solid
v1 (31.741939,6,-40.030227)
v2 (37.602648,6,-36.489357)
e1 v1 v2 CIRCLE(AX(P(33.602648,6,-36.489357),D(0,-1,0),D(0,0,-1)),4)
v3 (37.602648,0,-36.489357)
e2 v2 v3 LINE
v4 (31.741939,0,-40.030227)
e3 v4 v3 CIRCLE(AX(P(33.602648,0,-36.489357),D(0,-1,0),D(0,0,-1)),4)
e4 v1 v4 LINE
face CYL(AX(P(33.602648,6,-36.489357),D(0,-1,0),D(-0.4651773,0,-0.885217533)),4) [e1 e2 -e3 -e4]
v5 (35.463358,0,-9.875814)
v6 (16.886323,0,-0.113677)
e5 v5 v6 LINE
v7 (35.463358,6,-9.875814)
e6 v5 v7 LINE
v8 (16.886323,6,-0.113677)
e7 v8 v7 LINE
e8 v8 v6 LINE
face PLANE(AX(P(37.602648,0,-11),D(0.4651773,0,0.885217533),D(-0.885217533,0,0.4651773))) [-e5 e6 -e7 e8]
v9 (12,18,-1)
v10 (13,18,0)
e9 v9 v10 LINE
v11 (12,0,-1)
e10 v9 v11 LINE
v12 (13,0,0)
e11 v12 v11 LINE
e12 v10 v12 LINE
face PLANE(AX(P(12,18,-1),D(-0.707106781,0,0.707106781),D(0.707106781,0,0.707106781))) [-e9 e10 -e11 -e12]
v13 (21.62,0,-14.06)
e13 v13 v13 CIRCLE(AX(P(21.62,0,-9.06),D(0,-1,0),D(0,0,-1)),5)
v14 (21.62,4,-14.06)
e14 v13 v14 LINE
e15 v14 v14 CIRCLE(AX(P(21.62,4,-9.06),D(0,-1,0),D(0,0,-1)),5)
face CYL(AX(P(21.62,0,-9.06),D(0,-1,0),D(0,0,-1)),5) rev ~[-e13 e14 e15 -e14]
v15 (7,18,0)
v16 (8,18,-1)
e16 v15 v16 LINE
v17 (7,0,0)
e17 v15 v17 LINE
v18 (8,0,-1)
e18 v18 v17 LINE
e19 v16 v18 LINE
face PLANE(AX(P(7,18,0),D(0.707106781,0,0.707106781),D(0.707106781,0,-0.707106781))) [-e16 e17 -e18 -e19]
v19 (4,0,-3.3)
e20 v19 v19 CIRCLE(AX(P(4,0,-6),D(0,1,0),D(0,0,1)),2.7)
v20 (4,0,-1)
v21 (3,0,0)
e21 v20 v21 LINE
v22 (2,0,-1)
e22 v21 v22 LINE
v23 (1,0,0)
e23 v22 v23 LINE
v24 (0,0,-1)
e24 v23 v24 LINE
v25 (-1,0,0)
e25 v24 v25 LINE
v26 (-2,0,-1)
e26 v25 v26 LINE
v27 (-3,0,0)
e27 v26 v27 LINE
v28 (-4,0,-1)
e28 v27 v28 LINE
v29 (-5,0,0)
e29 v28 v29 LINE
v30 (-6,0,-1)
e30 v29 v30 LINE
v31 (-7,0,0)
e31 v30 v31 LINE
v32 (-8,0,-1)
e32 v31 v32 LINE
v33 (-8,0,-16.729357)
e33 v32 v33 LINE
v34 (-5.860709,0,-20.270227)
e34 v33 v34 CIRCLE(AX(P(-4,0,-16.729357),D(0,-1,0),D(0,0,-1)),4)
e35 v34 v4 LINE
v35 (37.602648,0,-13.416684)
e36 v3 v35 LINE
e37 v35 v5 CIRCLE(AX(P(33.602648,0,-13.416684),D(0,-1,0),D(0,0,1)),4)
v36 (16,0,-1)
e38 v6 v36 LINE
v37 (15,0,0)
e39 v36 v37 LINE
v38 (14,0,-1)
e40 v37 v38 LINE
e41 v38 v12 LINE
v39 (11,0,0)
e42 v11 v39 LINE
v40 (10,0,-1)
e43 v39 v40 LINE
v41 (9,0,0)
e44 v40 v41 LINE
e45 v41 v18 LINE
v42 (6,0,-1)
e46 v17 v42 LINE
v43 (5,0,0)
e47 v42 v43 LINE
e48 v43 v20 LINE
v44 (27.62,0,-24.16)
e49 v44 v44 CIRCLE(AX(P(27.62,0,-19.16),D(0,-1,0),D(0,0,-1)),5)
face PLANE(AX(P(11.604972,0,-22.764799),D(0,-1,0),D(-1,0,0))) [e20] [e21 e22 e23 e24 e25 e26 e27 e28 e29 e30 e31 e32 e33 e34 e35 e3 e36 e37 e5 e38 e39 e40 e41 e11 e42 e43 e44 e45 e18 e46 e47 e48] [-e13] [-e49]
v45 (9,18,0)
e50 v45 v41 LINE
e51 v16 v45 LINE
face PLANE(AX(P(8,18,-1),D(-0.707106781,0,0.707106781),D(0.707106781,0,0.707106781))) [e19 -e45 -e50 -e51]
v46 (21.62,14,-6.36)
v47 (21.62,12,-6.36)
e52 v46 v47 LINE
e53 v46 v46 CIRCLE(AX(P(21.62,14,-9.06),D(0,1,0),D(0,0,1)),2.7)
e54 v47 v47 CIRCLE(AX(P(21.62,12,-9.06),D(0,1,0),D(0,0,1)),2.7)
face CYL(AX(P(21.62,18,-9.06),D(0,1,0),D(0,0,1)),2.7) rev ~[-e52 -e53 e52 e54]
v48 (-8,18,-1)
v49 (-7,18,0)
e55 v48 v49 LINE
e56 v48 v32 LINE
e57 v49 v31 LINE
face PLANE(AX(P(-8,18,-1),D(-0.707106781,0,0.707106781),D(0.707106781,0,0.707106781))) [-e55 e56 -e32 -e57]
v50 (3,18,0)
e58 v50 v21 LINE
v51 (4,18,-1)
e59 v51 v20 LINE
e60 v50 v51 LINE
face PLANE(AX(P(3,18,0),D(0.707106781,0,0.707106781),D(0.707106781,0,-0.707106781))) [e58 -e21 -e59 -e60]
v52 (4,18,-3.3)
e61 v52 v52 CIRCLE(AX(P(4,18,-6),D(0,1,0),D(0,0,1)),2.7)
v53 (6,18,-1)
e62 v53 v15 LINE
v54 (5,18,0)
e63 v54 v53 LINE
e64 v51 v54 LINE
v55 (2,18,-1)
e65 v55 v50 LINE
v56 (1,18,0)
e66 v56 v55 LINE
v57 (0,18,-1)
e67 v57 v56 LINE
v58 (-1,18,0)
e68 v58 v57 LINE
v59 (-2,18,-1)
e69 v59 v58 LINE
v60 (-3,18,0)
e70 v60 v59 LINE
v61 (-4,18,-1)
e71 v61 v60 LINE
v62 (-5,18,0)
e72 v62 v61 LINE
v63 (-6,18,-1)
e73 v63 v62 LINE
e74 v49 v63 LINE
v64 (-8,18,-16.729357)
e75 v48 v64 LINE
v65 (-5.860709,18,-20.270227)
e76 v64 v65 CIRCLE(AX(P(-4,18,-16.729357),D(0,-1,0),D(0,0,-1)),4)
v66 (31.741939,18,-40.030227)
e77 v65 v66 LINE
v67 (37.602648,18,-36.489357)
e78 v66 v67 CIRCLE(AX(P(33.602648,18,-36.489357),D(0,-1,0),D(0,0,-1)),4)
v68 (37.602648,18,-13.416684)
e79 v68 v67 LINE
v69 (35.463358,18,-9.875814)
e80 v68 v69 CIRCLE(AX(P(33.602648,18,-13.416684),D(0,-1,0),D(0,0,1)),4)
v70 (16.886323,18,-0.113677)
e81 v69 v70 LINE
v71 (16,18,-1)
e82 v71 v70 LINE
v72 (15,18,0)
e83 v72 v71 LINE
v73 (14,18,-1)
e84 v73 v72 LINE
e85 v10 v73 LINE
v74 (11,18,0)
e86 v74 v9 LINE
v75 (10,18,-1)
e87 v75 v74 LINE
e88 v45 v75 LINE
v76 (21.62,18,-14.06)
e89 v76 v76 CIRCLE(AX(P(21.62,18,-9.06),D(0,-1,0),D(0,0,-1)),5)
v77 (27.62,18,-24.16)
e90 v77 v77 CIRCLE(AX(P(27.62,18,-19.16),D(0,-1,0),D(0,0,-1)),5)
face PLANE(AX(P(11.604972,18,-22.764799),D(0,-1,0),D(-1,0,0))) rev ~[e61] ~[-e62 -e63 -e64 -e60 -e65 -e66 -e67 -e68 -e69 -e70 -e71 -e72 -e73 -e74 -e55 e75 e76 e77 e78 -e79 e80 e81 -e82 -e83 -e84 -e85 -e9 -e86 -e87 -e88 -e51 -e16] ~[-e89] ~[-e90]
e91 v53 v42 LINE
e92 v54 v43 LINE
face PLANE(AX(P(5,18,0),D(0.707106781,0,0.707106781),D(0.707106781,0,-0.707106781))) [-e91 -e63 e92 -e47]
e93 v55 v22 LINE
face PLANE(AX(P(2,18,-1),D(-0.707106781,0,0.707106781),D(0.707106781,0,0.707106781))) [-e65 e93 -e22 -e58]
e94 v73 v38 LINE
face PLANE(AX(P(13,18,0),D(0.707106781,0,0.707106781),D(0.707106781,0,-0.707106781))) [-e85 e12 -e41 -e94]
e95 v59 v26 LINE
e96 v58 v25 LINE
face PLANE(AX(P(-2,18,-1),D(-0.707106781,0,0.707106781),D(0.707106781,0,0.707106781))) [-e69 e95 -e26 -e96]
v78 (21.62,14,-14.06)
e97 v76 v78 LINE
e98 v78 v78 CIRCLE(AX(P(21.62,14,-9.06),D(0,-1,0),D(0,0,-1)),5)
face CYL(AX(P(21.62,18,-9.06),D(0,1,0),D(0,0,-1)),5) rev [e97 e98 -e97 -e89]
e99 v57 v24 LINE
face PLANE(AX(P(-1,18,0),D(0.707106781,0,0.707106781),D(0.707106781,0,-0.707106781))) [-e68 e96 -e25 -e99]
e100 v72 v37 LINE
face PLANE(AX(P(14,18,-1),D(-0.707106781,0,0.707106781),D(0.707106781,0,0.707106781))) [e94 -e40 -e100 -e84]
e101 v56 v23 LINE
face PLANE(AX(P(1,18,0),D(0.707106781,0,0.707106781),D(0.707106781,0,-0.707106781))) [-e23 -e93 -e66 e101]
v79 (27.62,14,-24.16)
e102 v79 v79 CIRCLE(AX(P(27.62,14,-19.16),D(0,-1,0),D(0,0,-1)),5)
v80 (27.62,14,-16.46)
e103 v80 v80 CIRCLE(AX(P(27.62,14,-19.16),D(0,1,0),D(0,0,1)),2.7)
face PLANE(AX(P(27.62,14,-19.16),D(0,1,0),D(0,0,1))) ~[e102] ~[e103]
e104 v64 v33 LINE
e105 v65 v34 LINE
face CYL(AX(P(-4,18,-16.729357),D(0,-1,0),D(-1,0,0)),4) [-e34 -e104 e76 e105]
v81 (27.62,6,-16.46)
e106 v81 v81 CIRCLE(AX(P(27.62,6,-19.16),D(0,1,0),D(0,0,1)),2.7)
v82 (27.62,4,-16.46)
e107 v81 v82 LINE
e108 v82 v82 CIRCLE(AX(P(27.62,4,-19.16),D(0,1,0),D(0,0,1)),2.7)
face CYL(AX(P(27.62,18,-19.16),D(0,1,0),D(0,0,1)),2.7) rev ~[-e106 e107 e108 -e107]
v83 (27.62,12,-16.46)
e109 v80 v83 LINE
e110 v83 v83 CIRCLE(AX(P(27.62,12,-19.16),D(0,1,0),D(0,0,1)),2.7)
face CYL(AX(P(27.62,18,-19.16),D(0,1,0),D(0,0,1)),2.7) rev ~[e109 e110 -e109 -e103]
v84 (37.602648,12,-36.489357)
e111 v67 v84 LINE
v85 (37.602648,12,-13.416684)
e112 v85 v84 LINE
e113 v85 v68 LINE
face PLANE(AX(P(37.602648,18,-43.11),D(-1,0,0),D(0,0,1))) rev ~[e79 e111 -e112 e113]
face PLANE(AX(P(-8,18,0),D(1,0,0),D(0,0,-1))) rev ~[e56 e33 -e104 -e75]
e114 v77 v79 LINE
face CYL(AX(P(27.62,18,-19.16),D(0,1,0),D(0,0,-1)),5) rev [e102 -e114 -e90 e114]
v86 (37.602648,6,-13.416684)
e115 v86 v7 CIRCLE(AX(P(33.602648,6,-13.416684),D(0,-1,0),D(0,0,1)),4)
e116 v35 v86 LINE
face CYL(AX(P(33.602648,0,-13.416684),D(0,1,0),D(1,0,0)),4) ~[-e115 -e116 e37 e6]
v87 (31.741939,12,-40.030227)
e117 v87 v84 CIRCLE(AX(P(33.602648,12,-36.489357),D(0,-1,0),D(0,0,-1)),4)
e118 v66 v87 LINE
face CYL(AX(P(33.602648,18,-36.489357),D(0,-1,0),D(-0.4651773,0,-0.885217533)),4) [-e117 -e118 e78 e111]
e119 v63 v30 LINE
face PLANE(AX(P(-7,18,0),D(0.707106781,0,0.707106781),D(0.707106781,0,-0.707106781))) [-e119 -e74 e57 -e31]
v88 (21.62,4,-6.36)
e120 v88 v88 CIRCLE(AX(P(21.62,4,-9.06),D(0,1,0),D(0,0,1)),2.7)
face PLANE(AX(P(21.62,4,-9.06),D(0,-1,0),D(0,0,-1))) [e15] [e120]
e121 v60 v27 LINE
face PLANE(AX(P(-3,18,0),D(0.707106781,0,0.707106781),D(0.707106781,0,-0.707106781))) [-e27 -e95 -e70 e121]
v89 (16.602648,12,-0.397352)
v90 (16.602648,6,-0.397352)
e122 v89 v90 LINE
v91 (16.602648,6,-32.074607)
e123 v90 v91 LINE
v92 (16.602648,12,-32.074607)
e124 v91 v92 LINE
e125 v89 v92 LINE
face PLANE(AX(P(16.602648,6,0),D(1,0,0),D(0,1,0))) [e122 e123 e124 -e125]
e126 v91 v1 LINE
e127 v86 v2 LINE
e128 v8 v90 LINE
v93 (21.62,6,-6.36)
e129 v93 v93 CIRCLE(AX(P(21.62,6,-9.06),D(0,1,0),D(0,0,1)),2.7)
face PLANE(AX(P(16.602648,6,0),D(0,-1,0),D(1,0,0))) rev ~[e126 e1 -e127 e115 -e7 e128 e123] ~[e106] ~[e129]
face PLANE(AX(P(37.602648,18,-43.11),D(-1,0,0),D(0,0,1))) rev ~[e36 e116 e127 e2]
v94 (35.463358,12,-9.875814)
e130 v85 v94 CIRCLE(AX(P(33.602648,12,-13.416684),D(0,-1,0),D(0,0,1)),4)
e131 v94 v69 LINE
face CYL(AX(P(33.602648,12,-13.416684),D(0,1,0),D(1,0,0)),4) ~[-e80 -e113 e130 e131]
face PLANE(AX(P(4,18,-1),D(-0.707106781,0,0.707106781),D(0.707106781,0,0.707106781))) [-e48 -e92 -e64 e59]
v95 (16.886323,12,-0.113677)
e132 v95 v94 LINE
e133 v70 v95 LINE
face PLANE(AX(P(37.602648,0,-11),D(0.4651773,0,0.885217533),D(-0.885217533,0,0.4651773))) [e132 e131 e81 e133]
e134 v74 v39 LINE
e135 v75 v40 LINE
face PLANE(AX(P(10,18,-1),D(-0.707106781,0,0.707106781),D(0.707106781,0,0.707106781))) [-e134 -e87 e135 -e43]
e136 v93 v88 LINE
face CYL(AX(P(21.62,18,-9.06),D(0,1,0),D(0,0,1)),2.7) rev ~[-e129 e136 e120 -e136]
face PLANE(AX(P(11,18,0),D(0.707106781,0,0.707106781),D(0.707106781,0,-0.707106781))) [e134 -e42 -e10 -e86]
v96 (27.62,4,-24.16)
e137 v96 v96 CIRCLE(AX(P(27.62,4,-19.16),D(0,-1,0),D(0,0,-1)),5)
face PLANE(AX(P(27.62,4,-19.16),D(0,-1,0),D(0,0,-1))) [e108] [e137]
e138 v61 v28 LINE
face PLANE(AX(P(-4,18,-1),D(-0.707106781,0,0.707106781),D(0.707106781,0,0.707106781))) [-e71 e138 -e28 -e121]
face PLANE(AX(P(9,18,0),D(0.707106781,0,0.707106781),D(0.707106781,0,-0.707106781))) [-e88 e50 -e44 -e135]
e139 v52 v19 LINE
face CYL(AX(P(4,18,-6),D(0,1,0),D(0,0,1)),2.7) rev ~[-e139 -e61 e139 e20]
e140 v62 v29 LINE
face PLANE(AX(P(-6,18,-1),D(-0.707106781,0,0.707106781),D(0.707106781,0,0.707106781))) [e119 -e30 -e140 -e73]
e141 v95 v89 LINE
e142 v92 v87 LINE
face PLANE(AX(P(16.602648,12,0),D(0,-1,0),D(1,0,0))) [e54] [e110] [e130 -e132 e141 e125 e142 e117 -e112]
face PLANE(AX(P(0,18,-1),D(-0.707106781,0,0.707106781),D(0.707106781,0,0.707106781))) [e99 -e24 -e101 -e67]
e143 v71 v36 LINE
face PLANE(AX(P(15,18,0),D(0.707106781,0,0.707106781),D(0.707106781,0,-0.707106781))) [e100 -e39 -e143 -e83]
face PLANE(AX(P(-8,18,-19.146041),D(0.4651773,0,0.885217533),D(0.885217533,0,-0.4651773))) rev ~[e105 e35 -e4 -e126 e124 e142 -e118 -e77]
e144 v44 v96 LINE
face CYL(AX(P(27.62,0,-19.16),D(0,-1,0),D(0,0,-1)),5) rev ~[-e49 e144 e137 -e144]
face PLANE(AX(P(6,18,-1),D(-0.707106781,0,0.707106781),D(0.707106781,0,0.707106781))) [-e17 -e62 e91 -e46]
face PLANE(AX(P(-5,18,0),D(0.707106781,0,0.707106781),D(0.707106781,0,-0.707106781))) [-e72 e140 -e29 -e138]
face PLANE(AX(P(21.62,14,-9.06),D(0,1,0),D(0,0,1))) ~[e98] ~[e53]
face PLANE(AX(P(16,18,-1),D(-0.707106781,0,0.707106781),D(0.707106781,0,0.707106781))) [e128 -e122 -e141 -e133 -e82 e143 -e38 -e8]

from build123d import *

# Parameters (mm, degrees)
BOSS_EXTRUDE1_DEPTH = 18
BOSS_EXTRUDE2_DEPTH = 18
SKETCH2_R           = 2.7
CUT_EXTRUDE1_DEPTH  = 60.970253183
SKETCH3_W           = 21
SKETCH3_H           = 6
CUT_EXTRUDE2_DEPTH  = 60.970253183
CUT_EXTRUDE5_DEPTH  = 60.970253183
SKETCH5_R           = 5
CUT_EXTRUDE4_DEPTH  = 4
FILLET1_R           = 4


with BuildPart() as part:
    # Sketch1 → Boss-Extrude1 (new body)
    with BuildSketch(Plane(origin=(0, 0, 0), x_dir=(1, 0, 0), z_dir=(0, 1, 0))):
        Polygon((37.602648402, 29.11), (37.602648402, 11), (16.67, 0), (0, 0), (0, 9.35), (0, 15.35), (37.602648402, 35.11), align=None)
    extrude(amount=BOSS_EXTRUDE1_DEPTH)

    # Sketch6 → Boss-Extrude2 (add, through all)
    with BuildSketch(Plane(origin=(0, 18, 0), x_dir=(1, 0, 0), z_dir=(0, 1, 0))):
        Polygon((0, 0), (-8, 0), (-8, 19.146040792), (37.602648402, 43.11), (37.602648402, 35.11), (0, 15.35), align=None)
    extrude(amount=-BOSS_EXTRUDE2_DEPTH)

    # Sketch2 → Cut-Extrude1 (cut, through all)
    with BuildSketch(Plane(origin=(0, 18, 0), x_dir=(1, 0, 0), z_dir=(0, 1, 0))):
        with Locations(Location((4, 6, 0), (0, 0, 270))):
            Circle(SKETCH2_R)
        with Locations(Location((21.62, 9.06, 0), (0, 0, 270))):
            Circle(SKETCH2_R)
        with Locations(Location((27.62, 19.16, 0), (0, 0, 270))):
            Circle(SKETCH2_R)
    extrude(amount=-CUT_EXTRUDE1_DEPTH, mode=Mode.SUBTRACT)

    # Sketch3 → Cut-Extrude2 (cut, through all)
    with BuildSketch(Plane.XY):
        with Locations((27.102648402, 9)):
            Rectangle(SKETCH3_W, SKETCH3_H)
    extrude(amount=-CUT_EXTRUDE2_DEPTH, mode=Mode.SUBTRACT)

    # Sketch4 → Cut-Extrude5 (cut, through all)
    with BuildSketch(Plane(origin=(0, 18, 0), x_dir=(1, 0, 0), z_dir=(0, 1, 0))):
        Polygon((-8, 0), (-8, 1), (-7, 0), (-6, 1), (-5, 0), (-4, 1), (-3, 0), (-2, 1), (-1, 0), (0, 1), (1, 0), (2, 1), (3, 0), (4, 1), (5, 0), (6, 1), (7, 0), (8, 1), (9, 0), (10, 1), (11, 0), (12, 1), (13, 0), (14, 1), (15, 0), (16, 1), (16.88632324, 0.11367676), (16.67, 0), (16.67, -0.2), (-8, -0.2), align=None)
    extrude(amount=-CUT_EXTRUDE5_DEPTH, mode=Mode.SUBTRACT)

    # Sketch5 → Cut-Extrude4 (cut)
    with BuildSketch(Plane.XZ):
        with Locations(Location((21.62, -9.06, 0), (0, 0, 270))):
            Circle(SKETCH5_R)
        with Locations(Location((27.62, -19.16, 0), (0, 0, 270))):
            Circle(SKETCH5_R)
    cut_extrude4 = extrude(amount=-CUT_EXTRUDE4_DEPTH, mode=Mode.SUBTRACT)

    # Mirror1: Cut-Extrude4 across plane
    add(cut_extrude4.mirror(Plane(origin=(0, 9, 0), x_dir=(0, 0, 1), z_dir=(0, -1, 0))), mode=Mode.SUBTRACT)

    # Fillet1
    fillet1_edges = [part.edges().sort_by_distance(p)[0] for p in [
        (37.602648402, 15, -11),
        (-8, 9, -19.146040792),
        (37.602648402, 3, -43.11),
        (37.602648402, 15, -43.11),
        (37.602648402, 3, -11),
    ]]
    fillet(fillet1_edges, radius=FILLET1_R)


solid = part.part
